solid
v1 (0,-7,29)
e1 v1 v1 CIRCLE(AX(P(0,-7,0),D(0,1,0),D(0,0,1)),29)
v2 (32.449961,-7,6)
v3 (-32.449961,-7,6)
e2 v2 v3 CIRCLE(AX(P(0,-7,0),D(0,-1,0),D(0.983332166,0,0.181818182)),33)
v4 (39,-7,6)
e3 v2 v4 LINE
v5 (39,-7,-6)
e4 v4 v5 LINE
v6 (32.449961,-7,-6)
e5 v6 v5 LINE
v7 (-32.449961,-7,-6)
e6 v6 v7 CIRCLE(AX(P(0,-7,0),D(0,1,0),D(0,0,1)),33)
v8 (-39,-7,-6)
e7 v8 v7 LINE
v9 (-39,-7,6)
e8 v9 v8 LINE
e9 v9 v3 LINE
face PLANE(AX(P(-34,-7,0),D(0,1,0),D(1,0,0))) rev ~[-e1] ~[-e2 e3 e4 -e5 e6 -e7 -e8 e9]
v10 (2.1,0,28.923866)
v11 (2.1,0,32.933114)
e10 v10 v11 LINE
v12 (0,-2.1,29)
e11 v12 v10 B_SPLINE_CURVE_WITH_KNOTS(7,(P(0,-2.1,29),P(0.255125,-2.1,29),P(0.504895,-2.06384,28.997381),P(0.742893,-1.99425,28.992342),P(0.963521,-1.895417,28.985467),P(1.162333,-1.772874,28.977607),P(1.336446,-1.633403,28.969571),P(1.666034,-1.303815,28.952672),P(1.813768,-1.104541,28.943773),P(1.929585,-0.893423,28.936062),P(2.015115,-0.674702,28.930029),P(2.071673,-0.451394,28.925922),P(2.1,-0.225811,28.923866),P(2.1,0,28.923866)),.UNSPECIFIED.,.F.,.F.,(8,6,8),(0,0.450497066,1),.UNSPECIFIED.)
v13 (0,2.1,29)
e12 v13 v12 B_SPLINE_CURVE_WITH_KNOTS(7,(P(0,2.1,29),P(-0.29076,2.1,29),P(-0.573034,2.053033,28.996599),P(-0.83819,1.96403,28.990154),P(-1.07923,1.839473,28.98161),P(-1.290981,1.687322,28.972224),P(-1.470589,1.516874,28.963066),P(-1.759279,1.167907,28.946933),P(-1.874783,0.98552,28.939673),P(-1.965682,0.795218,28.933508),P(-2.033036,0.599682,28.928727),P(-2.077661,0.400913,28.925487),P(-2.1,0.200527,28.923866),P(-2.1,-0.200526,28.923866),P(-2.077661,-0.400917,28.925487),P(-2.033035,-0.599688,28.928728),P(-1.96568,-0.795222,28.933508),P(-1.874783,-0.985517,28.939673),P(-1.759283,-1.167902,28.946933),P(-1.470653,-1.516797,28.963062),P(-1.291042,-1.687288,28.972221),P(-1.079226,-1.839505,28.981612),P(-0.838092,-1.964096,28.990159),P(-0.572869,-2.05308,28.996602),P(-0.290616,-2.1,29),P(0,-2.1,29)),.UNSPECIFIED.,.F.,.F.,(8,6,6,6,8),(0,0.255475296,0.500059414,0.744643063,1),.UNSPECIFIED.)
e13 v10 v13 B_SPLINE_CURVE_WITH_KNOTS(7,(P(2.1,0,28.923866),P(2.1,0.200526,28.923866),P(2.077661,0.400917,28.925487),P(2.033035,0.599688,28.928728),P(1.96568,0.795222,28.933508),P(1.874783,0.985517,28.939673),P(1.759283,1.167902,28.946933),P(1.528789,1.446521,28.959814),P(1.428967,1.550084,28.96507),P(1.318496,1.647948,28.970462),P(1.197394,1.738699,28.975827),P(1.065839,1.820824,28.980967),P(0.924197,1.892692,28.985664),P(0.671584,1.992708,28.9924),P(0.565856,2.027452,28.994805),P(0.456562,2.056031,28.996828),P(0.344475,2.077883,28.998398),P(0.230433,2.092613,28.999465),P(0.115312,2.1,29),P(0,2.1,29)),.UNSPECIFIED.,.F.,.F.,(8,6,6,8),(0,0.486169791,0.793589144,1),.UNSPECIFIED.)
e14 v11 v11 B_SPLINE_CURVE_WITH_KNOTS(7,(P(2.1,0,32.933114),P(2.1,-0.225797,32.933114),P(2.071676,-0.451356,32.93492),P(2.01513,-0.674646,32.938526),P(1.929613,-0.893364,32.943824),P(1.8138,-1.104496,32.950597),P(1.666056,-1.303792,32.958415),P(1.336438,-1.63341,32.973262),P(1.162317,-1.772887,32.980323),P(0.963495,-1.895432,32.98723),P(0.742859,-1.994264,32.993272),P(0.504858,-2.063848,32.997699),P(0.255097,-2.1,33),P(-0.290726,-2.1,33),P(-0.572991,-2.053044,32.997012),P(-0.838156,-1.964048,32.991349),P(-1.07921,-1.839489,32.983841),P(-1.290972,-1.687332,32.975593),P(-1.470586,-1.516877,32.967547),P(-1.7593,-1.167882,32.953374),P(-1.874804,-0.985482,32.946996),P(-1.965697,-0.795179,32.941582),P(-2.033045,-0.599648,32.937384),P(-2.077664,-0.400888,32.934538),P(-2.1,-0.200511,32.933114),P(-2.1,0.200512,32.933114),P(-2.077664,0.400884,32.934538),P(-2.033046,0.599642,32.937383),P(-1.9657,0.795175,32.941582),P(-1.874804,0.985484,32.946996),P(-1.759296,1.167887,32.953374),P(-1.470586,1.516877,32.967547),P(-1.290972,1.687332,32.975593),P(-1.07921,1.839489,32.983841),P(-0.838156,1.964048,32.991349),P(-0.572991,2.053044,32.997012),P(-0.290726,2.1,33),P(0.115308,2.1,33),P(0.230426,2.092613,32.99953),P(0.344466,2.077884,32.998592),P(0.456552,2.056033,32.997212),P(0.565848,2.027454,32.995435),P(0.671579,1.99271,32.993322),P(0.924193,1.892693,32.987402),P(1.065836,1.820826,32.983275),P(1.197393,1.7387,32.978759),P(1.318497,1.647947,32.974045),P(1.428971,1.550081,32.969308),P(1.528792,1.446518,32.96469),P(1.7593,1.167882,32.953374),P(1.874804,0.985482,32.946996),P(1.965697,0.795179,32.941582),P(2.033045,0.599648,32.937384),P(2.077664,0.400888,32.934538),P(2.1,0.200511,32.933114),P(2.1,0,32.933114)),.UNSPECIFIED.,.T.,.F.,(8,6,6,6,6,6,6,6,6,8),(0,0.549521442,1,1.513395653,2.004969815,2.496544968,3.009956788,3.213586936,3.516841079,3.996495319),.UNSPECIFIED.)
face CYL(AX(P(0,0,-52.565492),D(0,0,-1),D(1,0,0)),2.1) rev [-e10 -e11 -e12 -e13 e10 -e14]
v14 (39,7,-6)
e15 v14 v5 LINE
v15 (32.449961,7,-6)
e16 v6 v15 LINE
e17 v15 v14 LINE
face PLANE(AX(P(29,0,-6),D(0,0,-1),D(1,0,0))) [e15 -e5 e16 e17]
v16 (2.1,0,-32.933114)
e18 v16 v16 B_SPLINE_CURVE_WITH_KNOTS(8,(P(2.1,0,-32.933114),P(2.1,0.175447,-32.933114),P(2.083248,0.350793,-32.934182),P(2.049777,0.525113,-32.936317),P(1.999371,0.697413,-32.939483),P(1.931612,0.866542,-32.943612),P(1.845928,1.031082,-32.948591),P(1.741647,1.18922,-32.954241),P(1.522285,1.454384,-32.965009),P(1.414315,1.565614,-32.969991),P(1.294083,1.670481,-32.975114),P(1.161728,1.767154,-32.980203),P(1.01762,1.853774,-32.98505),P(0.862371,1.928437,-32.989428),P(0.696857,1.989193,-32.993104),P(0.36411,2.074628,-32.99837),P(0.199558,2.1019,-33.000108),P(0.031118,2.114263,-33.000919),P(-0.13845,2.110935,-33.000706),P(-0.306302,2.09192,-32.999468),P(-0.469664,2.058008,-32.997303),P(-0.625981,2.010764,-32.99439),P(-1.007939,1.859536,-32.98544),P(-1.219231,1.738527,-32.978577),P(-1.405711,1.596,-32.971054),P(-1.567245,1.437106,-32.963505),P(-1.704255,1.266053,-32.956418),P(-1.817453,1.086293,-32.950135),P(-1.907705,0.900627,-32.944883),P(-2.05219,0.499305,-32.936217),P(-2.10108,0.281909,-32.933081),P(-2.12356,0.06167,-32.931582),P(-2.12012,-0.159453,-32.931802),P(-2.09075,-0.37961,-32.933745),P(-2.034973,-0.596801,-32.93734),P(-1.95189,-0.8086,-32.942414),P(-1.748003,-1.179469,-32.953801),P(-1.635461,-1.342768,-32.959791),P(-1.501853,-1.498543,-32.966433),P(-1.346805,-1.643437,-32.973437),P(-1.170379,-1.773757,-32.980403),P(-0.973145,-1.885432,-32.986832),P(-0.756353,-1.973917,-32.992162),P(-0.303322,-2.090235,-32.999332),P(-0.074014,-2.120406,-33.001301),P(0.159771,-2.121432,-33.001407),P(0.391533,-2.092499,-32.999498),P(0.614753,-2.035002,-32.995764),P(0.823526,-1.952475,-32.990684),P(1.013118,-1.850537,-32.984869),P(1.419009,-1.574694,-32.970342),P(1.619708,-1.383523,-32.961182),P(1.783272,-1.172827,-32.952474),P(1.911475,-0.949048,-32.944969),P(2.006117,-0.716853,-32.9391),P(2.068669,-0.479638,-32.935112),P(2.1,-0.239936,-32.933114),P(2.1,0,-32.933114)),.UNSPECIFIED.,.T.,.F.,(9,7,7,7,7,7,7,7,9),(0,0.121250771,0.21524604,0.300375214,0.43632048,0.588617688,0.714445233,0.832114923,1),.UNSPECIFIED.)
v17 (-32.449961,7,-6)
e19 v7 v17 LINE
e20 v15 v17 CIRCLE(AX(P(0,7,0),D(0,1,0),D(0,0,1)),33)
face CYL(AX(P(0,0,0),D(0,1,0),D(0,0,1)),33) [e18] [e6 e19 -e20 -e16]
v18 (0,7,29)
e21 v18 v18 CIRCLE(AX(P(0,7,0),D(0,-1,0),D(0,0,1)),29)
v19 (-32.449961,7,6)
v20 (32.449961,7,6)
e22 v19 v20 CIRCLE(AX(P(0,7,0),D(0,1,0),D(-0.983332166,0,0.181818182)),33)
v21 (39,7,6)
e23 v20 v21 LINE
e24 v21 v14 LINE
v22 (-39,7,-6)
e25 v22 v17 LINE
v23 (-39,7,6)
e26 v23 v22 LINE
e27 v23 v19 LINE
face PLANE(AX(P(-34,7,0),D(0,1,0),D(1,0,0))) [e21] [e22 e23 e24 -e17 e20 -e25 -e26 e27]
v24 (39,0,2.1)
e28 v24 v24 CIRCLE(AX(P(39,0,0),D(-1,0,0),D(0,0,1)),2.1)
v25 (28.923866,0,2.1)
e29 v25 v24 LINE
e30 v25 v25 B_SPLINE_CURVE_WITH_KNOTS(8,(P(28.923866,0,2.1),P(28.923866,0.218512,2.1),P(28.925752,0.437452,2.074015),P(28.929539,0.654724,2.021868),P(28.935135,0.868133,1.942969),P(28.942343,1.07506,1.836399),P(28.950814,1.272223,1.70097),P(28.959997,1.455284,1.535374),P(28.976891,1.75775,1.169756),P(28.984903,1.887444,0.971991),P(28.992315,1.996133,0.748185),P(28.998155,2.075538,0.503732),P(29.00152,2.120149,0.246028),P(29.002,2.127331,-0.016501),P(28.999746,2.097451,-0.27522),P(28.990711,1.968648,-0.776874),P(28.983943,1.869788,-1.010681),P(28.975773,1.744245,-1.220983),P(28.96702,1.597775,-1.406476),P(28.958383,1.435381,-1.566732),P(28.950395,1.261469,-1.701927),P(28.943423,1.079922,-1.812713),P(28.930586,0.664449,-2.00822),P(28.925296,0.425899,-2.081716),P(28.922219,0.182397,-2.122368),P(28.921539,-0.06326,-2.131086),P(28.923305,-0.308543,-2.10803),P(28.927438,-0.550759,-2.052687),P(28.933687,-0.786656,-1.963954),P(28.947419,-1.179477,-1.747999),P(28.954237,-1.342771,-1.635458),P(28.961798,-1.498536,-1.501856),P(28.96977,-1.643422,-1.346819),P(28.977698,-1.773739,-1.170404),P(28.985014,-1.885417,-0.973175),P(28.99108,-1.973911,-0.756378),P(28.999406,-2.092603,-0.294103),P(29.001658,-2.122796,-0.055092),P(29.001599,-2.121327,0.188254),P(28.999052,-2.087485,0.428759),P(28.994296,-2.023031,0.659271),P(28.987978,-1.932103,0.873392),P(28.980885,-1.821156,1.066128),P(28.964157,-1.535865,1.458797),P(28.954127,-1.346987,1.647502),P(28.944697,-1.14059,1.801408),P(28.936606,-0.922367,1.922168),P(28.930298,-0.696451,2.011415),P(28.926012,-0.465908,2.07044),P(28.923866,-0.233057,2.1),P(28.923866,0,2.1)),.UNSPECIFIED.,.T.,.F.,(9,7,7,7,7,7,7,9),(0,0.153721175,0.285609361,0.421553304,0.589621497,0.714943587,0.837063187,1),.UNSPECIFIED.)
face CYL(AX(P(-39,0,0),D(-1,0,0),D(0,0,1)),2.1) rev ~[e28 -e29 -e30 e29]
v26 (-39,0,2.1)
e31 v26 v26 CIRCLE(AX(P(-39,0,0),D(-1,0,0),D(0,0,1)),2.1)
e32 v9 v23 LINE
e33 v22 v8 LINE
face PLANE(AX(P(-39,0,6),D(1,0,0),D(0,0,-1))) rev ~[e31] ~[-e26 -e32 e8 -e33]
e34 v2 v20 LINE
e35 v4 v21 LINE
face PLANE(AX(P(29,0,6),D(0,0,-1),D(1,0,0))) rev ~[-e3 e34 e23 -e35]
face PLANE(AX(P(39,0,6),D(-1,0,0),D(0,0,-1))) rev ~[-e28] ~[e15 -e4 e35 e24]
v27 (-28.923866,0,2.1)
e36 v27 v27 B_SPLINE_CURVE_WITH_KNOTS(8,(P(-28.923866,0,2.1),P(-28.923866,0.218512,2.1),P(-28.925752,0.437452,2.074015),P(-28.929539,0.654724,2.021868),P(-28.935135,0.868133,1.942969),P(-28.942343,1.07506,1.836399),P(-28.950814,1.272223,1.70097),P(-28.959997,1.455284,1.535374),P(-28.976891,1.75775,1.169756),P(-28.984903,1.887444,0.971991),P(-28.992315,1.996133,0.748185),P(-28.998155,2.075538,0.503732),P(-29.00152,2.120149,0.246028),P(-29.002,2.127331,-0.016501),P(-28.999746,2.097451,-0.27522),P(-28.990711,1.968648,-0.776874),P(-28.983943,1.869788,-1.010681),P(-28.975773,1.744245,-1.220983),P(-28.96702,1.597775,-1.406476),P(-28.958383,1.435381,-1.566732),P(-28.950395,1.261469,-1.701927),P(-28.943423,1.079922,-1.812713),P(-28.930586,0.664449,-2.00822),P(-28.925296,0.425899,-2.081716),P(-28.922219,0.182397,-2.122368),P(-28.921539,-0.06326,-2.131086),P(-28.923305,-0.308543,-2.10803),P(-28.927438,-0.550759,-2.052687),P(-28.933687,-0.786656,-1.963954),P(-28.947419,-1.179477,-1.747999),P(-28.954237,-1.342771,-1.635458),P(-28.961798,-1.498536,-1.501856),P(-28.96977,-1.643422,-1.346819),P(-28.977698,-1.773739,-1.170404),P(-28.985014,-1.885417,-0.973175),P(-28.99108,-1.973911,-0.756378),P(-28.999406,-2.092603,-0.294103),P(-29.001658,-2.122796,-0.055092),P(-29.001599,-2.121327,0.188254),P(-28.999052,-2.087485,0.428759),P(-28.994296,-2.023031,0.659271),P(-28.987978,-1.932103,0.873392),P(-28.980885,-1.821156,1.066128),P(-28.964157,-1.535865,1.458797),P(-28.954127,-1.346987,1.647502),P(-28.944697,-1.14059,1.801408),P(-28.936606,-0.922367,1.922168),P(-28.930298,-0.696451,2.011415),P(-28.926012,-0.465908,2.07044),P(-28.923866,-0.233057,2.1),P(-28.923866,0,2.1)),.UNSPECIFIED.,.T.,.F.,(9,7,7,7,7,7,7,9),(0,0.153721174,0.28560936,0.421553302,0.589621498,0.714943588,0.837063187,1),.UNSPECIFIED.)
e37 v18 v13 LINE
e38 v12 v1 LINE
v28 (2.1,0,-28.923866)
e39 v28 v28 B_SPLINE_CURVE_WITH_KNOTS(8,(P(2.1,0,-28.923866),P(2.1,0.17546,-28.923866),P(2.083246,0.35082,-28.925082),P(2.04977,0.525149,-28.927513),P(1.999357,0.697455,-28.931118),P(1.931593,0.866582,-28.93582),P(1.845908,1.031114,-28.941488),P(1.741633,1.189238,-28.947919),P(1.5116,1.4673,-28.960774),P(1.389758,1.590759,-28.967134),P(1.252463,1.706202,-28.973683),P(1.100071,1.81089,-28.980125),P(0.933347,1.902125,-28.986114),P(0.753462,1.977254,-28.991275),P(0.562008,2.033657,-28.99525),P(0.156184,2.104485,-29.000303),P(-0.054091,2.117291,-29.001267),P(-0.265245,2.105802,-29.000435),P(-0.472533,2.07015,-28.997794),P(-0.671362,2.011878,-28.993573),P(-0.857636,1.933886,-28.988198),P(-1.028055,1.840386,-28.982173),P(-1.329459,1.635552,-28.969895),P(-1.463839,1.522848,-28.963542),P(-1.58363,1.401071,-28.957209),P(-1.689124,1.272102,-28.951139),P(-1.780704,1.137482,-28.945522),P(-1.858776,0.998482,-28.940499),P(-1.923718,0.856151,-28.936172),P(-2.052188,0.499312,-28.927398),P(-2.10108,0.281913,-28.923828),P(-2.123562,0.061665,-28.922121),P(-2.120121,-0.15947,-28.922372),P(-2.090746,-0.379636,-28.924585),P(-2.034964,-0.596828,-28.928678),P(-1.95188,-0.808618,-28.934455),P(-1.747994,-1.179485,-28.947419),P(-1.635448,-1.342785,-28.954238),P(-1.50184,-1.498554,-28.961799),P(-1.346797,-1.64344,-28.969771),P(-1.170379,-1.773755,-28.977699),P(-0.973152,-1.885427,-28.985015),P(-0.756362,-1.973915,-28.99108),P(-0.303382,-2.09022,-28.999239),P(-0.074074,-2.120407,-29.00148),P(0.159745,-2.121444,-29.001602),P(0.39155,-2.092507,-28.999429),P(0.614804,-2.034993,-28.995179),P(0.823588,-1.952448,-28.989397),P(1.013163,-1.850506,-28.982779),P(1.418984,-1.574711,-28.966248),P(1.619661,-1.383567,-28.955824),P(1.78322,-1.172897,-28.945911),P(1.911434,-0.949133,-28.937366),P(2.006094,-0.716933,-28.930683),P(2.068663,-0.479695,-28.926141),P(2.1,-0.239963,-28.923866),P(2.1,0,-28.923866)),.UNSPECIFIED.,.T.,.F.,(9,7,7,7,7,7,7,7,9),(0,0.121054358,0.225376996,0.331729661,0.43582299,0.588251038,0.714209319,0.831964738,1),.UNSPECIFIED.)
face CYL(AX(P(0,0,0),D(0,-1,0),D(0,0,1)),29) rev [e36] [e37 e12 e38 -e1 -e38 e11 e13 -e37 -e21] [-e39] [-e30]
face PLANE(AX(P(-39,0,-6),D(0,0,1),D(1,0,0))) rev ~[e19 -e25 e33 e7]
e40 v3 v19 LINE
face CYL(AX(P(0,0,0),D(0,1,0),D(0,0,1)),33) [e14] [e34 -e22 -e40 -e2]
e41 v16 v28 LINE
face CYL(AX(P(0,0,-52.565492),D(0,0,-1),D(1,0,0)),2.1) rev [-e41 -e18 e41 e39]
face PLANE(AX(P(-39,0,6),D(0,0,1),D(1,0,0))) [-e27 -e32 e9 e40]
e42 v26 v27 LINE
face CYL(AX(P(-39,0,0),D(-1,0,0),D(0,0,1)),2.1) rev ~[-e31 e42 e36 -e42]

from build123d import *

# Parameters (mm, degrees)
SKETCH1_R               = 33
SKETCH1_R_2             = 29
BOSS_EXTRUDE1_DEPTH     = 7
SKETCH2_W               = 10
SKETCH2_H               = 12
BOSS_EXTRUDE2_DEPTH     = 7
SKETCH5_R               = 2.1
CUT_EXTRUDE1_DEPTH      = 85.982351109
CUT_EXTRUDE4_DEPTH      = 52.565492427
CUT_EXTRUDE4_DEPTH_BACK = 52.565492427
SKETCH7_R               = 2.1


with BuildPart() as part:
    # Sketch1 → Boss-Extrude1 (new, symmetric)
    with BuildSketch(Plane(origin=(0, 0, 0), x_dir=(1, 0, 0), z_dir=(0, 1, 0))):
        with Locations(Location((0, 0, 0), (0, 0, 270))):
            Circle(SKETCH1_R)
        with Locations(Location((0, 0, 0), (0, 0, 270))):
            Circle(SKETCH1_R_2, mode=Mode.SUBTRACT)
    extrude(amount=BOSS_EXTRUDE1_DEPTH, both=True)

    # Sketch2 → Boss-Extrude2 (add, symmetric)
    with BuildSketch(Plane(origin=(0, 0, 0), x_dir=(1, 0, 0), z_dir=(0, 1, 0))):
        with Locations((34, 0)):
            Rectangle(SKETCH2_W, SKETCH2_H)
        with Locations((-34, 0)):
            Rectangle(SKETCH2_W, SKETCH2_H)
    extrude(amount=BOSS_EXTRUDE2_DEPTH, both=True)

    # Sketch5 → Cut-Extrude1 (cut, through all)
    with BuildSketch(Plane.ZY.offset(39)):
        Circle(SKETCH5_R)
    extrude(amount=-CUT_EXTRUDE1_DEPTH, mode=Mode.SUBTRACT)

    # Sketch7 → Cut-Extrude4 (cut, two sides: drawn at the far end of the back side and taken through both)
    with BuildSketch(Plane.XY.offset(-CUT_EXTRUDE4_DEPTH_BACK)):
        Circle(SKETCH7_R)
    extrude(amount=CUT_EXTRUDE4_DEPTH + CUT_EXTRUDE4_DEPTH_BACK, mode=Mode.SUBTRACT)


solid = part.part
